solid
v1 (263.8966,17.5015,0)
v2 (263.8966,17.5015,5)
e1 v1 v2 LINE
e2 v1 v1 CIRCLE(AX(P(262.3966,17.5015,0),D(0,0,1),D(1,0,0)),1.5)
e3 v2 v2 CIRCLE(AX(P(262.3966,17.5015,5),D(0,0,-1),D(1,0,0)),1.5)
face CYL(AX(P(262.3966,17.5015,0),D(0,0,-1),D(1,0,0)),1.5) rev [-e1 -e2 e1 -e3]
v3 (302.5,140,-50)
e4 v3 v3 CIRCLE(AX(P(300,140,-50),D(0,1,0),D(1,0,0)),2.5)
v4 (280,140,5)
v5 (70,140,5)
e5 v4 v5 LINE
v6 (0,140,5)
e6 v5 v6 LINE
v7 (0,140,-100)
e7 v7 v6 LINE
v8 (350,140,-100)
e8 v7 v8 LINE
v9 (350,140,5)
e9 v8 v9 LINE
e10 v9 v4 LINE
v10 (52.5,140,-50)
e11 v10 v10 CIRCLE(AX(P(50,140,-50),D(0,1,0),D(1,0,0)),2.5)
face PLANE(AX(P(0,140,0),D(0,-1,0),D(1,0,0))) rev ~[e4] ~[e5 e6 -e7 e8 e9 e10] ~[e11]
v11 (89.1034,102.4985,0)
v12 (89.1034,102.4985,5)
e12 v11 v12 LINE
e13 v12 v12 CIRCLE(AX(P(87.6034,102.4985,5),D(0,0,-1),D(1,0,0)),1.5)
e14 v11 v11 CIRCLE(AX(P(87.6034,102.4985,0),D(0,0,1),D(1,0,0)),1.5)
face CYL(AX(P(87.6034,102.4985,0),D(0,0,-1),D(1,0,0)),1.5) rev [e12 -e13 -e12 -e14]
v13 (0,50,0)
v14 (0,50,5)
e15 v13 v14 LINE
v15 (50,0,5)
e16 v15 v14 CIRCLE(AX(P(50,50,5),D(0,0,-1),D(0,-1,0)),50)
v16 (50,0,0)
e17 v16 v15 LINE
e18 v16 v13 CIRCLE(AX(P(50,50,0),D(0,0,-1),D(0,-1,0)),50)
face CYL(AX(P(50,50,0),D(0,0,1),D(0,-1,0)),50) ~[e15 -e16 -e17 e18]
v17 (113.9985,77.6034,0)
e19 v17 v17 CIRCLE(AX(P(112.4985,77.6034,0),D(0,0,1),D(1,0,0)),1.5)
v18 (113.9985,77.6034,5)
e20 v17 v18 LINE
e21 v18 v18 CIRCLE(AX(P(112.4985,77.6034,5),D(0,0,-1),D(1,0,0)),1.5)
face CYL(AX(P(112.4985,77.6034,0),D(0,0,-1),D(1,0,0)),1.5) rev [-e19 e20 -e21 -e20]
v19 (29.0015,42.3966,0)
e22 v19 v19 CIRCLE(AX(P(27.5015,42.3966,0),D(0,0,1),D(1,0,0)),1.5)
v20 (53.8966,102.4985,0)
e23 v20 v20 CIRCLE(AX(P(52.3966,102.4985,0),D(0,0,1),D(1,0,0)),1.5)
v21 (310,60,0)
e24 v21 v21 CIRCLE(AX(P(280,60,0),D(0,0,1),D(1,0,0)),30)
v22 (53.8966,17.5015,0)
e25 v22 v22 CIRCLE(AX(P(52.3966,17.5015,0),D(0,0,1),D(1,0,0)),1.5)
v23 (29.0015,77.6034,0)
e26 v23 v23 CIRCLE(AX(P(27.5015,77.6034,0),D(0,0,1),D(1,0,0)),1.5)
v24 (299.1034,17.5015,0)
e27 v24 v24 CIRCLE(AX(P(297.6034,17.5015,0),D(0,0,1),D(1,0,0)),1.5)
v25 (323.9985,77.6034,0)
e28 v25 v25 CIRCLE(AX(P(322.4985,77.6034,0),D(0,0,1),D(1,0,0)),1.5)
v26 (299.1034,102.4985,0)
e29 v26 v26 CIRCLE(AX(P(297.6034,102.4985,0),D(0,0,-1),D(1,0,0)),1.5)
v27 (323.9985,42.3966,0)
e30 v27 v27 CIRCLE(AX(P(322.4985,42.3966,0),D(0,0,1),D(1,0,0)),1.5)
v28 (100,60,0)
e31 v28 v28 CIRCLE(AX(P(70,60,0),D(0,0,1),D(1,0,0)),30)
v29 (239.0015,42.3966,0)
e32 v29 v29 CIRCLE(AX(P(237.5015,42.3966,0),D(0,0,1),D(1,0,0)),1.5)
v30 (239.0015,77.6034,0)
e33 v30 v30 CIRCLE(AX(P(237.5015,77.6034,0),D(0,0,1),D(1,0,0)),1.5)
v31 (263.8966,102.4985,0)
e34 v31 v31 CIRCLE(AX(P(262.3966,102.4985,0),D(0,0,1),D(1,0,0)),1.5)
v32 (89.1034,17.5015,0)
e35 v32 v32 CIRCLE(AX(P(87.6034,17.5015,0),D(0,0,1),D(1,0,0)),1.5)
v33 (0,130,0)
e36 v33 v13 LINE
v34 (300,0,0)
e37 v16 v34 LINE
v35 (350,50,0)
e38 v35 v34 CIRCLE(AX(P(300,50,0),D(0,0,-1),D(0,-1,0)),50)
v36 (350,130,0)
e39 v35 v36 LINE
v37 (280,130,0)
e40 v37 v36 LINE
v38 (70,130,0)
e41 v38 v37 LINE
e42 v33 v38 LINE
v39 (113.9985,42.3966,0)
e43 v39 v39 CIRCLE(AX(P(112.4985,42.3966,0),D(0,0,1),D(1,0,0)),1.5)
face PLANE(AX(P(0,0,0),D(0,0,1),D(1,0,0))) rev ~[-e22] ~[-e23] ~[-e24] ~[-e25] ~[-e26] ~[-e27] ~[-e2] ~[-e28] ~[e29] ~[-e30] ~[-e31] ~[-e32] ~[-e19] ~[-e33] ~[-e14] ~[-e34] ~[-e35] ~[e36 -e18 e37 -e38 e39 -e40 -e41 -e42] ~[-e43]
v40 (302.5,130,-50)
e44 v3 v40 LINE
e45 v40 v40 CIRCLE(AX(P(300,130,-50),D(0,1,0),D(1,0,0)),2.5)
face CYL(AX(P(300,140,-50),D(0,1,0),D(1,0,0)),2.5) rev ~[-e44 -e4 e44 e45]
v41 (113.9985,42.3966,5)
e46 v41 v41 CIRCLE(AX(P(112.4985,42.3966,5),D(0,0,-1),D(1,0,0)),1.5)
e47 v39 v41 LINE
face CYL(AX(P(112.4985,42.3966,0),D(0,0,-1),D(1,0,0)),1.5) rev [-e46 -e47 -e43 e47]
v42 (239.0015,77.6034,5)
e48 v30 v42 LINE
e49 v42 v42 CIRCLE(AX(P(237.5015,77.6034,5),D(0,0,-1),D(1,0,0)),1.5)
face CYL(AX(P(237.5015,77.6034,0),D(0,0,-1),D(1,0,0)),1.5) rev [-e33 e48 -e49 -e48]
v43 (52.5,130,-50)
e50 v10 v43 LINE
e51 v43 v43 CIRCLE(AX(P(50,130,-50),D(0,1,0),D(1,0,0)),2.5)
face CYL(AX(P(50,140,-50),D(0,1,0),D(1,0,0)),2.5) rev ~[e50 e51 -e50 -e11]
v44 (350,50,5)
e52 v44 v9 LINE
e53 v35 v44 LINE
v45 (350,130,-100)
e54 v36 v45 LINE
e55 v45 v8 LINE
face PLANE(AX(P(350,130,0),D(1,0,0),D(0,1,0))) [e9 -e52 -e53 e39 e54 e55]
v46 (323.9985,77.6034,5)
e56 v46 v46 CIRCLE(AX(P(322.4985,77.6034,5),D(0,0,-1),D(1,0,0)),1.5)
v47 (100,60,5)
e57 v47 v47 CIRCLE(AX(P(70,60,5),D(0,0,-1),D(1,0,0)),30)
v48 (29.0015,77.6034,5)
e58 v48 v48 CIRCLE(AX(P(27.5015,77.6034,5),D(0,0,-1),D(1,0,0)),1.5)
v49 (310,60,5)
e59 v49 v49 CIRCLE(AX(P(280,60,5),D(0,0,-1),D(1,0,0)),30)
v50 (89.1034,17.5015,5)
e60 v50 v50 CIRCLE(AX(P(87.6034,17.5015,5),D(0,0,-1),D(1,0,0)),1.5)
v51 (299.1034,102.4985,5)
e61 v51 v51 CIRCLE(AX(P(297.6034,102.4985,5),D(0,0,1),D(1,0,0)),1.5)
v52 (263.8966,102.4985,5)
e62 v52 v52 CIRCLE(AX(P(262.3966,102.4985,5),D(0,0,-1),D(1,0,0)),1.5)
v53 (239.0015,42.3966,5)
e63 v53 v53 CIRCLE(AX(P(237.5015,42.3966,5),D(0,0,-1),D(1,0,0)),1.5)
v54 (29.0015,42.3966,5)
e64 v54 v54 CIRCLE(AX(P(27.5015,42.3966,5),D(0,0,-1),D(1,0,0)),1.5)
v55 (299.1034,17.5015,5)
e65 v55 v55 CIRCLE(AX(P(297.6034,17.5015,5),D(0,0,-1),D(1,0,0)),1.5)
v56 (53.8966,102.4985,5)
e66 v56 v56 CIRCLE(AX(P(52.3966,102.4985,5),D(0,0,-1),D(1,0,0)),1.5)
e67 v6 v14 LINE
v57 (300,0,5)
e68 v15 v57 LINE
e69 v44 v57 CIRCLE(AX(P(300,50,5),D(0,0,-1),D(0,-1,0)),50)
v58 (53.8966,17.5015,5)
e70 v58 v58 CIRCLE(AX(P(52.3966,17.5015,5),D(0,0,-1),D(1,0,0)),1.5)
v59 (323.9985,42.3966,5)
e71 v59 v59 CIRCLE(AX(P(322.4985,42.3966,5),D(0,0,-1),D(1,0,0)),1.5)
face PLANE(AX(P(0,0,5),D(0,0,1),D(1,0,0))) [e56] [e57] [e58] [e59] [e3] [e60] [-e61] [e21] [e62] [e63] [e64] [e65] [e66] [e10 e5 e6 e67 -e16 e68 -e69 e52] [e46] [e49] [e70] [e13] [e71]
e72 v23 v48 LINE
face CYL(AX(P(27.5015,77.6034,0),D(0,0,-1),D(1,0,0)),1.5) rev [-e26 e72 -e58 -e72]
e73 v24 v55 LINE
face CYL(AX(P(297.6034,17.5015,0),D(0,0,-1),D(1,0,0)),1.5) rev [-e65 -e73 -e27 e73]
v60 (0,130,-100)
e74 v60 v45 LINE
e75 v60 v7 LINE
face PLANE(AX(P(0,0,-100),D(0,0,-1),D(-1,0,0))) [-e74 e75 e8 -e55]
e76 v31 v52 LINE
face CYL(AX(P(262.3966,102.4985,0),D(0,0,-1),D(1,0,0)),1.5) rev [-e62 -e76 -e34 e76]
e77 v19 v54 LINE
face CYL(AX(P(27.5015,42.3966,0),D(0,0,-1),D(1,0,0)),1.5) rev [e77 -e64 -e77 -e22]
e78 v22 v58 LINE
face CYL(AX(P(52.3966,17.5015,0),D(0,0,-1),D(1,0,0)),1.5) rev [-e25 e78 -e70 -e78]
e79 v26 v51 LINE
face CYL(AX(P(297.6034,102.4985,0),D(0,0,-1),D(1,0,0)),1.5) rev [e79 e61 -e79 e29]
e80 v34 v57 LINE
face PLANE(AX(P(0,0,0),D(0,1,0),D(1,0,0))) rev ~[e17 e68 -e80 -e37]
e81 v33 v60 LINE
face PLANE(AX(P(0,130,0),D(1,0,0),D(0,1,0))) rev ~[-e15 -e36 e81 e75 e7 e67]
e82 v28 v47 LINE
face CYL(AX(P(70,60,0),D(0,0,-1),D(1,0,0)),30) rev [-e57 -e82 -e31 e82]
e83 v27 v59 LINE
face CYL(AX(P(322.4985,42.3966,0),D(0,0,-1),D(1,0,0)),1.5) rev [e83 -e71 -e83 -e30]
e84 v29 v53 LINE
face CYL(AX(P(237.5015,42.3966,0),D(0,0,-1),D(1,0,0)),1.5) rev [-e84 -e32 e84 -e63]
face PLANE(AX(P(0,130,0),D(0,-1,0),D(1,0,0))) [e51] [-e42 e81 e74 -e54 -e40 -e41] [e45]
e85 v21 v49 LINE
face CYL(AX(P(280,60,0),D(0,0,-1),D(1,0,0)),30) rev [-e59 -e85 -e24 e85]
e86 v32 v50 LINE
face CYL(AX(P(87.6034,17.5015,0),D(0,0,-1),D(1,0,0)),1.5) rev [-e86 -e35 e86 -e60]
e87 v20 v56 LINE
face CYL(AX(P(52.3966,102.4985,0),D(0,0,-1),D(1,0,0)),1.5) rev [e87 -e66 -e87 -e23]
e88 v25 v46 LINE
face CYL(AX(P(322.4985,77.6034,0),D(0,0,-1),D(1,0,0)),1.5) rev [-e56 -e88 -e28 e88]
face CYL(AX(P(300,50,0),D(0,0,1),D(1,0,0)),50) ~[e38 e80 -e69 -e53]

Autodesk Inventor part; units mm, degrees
ref_plane "YZ Plane" through (0, 0, 0) normal (1, 0, 0) x (0, 1, 0)
ref_plane "XZ Plane" through (0, 0, 0) normal (0, 1, 0) x (-1, 0, 0)
ref_plane "XY Plane" through (0, 0, 0) normal (0, 0, 1) x (1, 0, 0)
sketch "スケッチ1" plane through (0, 0, 0) normal (0, 0, 1) x (1, 0, 0)
  line L0 (0, 0) -> (350, 0)
  line L1 (350, 0) -> (350, 140)
  line L2 (350, 140) -> (0, 140)
  circle A0 centre (70, 60) radius 46
  circle A1 centre (280, 60) radius 46
  line L3 (0, 140) -> (0, 0)
  line L4 (70, 60) -> (70, 156.3161)
  line L5 (280, 60) -> (280, 147.5689)
  line L6 (70, 60) -> (45.2011, 119.8698)
  line L7 (280, 60) -> (258.2896, 112.4136)
  circle A2 centre (52.3966, 102.4985) radius 1.5
  circle A3 centre (262.3966, 102.4985) radius 1.5
  circle A4 centre (27.5015, 77.6034) radius 1.5
  circle A5 centre (27.5015, 42.3966) radius 1.5
  circle A6 centre (52.3966, 17.5015) radius 1.5
  circle A7 centre (87.6034, 17.5015) radius 1.5
  circle A8 centre (112.4985, 42.3966) radius 1.5
  circle A9 centre (112.4985, 77.6034) radius 1.5
  circle A10 centre (87.6034, 102.4985) radius 1.5
  circle A11 centre (237.5015, 77.6034) radius 1.5
  circle A12 centre (237.5015, 42.3966) radius 1.5
  circle A13 centre (262.3966, 17.5015) radius 1.5
  circle A14 centre (297.6034, 17.5015) radius 1.5
  circle A15 centre (322.4985, 42.3966) radius 1.5
  circle A16 centre (322.4985, 77.6034) radius 1.5
  circle A17 centre (297.6034, 102.4985) radius 1.5
  circle A18 centre (70, 60) radius 30
  circle A19 centre (280, 60) radius 30
  dimension "d5" = 92
  dimension "d6" = 92
  dimension "d0" = 350
  dimension "d1" = 140
  dimension "d2" = 60
  dimension "d3" = 60
  dimension "d9" = 70
  dimension "d10" = 70
  dimension "d11" = 22.5
  dimension "d12" = 22.5
  dimension "d13" = 3
  dimension "d14" = 3
  dimension "d17" = 360
  dimension "d21" = 360
  dimension "d23" = 60
  dimension "d24" = 60
extrude "押し出し1" add sketch "スケッチ1" along normal blind 5 contours A1 A17 A16 A15 A14 A13 A12 A11 A3 L7 A19 L5 | L5 A19 L7 A3 A1 | A0 A10 A9 A8 A7 A6 A5 A4 A2 L6 A18 L4 | L4 A18 L6 A2 A0 | L3 L2 L1 L0
sketch "スケッチ2" plane through (0, 0, 0) normal (0, 0, -1) x (-1, 0, 0)
  line L0 (-350, 0) -> (-350, 140) projected
  line L1 (0, 140) -> (-350, 140)
  line L2 (-350, 140) -> (-350, 120)
  line L3 (0, 120) -> (0, 140)
  line L4 (-350, 140) -> (0, 140)
  line L5 (0, 140) -> (0, 130)
  line L6 (0, 130) -> (-350, 130)
  line L7 (-350, 130) -> (-350, 140)
  point P0 (0, 0)
  point P1 (-175, 130)
  dimension "d30" = 10
extrude "押し出し2" add sketch "スケッチ2" along normal blind 100
sketch "スケッチ3" plane through (0, 140, 5) normal (0, 1, 0) x (1, 0, 0)
  circle A0 centre (50, 55) radius 2.5
  circle A1 centre (300, 55) radius 2.5
  line L0 (0, 105) -> (350, 105) projected
  line L1 (0, 0) -> (0, 105) projected
  point P0 (0, 5)
  dimension "d31" = 50
  dimension "d32" = 50
  dimension "d33" = 250
  dimension "d34" = 50
  dimension "d35" = 5
  dimension "d36" = 5
extrude "押し出し3" cut sketch "スケッチ3" against normal blind 100
fillet "フィレット2" radius 50 2 edges at (350, 0, 2.5) (0, 0, 2.5)
equation "\"d6\" = d5"
equation "\"d2\" = d3"
equation "\"d10\" = d9"
properties part number "legparts_09"
